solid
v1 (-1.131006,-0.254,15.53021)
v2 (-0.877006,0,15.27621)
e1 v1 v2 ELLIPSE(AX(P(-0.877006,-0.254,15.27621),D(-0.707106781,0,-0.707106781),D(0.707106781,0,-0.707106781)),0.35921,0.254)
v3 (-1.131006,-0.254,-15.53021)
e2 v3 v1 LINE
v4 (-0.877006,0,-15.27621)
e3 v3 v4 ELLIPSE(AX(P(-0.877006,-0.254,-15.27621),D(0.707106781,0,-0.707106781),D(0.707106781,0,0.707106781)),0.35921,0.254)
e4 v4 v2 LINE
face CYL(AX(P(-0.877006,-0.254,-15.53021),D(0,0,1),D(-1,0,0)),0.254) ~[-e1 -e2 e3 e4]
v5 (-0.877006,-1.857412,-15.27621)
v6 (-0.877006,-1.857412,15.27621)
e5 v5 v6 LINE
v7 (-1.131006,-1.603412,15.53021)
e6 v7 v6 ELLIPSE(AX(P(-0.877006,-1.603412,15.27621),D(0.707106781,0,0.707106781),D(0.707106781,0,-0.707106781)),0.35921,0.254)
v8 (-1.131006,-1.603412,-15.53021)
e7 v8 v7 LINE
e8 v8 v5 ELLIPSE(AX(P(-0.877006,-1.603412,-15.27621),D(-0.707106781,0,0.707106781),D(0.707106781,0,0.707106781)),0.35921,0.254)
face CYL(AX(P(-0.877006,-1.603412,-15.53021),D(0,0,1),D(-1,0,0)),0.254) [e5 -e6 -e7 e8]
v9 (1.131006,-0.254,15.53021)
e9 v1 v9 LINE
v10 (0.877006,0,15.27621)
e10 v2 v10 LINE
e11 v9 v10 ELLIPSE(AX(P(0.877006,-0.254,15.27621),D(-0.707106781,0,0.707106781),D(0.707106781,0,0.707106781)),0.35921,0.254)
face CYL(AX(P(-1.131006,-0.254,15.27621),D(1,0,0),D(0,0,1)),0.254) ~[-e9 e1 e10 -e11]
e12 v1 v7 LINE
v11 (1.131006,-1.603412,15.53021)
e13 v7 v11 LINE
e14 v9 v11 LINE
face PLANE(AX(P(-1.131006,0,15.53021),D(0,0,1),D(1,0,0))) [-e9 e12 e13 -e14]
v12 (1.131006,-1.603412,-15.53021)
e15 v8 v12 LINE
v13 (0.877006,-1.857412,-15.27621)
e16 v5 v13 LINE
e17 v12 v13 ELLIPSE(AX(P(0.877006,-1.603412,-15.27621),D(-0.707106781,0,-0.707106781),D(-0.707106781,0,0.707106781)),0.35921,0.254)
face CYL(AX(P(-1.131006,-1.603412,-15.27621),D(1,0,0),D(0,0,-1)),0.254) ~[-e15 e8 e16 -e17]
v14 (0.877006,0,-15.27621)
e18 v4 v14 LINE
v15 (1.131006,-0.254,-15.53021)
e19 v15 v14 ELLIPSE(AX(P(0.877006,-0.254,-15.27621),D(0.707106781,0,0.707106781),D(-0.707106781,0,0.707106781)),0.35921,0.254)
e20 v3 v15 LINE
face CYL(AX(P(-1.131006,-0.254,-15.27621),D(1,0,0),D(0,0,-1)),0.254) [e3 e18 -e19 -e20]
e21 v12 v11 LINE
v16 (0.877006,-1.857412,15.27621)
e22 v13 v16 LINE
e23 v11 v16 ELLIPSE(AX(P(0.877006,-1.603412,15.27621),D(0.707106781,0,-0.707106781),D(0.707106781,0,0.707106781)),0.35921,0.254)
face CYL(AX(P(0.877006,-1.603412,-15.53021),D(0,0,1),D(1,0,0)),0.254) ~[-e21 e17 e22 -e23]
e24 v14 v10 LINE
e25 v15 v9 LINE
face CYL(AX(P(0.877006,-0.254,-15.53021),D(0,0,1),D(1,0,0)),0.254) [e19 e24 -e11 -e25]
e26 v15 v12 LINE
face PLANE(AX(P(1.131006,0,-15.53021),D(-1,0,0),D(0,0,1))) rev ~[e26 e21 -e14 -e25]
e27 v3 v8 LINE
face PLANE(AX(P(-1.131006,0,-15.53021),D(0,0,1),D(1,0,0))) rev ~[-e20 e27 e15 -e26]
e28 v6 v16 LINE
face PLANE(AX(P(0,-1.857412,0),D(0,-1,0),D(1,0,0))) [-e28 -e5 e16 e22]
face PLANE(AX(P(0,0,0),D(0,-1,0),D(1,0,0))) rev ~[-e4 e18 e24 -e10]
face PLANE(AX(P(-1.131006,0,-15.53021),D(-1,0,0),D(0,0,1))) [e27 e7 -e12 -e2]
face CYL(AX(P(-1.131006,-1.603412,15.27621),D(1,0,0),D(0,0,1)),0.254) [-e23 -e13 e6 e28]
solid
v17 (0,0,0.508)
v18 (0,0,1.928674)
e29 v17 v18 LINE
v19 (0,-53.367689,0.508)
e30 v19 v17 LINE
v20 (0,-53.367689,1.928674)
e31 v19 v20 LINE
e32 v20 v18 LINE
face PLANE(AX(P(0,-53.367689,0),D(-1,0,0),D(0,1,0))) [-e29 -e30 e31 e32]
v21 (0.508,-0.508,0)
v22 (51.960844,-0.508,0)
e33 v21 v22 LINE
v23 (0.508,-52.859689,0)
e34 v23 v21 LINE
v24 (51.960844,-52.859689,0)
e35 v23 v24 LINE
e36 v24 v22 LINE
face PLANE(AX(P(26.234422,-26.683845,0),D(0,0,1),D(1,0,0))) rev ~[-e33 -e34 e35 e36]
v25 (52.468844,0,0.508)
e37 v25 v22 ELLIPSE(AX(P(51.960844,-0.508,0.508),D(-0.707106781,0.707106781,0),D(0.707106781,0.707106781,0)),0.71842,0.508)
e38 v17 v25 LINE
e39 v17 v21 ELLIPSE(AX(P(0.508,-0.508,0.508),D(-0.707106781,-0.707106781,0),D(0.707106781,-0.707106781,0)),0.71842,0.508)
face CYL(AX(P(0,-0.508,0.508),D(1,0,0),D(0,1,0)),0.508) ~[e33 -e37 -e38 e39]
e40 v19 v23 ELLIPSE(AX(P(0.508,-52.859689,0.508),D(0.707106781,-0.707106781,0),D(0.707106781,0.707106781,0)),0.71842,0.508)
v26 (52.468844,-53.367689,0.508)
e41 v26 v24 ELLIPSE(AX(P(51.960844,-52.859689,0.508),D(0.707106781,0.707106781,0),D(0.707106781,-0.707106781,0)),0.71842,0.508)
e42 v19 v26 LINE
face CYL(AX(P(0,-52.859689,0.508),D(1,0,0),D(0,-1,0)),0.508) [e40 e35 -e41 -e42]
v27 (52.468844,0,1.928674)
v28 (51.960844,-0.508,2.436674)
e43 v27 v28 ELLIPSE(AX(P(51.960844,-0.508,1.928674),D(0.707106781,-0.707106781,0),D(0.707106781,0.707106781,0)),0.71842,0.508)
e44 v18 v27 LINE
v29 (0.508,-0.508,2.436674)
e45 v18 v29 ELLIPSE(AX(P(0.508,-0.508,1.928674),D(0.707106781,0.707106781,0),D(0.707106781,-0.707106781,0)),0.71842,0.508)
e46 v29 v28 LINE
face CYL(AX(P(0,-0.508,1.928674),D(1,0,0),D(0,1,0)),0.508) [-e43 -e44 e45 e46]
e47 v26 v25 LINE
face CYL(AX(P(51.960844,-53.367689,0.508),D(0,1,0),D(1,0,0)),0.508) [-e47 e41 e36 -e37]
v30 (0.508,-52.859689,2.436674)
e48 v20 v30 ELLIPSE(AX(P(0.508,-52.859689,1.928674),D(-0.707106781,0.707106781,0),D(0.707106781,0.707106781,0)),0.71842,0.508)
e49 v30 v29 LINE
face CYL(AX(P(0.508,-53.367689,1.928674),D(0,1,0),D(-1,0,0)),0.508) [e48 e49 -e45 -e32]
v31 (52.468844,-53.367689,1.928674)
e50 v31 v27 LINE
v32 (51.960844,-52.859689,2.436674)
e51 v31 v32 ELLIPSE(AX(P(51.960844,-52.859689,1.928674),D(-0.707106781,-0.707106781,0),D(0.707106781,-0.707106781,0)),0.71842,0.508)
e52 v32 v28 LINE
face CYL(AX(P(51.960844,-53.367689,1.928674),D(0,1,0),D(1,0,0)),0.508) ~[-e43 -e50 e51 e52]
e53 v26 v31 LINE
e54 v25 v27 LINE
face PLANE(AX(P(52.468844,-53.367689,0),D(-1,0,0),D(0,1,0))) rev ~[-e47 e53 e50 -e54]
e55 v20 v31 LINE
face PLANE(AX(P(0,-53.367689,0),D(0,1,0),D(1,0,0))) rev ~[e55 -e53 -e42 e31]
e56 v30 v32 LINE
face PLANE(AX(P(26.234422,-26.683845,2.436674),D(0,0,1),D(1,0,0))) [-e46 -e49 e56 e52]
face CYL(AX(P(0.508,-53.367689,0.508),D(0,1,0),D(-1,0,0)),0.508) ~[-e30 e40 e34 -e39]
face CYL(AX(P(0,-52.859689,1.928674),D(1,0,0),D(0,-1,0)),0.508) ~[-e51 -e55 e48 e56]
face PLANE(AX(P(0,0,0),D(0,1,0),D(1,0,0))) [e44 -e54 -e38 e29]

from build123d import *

# Parameters (mm, degrees)
F0_W     = 2.2620111704
F0_H     = 31.0604199767
F1_DEPTH = 1.8574120477
F2_W     = 52.4688437581
F2_H     = 53.3676892519
F3_DEPTH = 2.4366742
F5_R     = 0.508
F6_R     = 0.254


with BuildPart() as f1:
    # F0 (on Front) → F1 (new body)
    with BuildSketch(Plane.XZ):
        with Locations((-75.0106051564, -91.7925722897)):
            Rectangle(F0_W, F0_H)
    extrude(amount=F1_DEPTH)


with BuildPart() as f1b:
    # F0 (on Front) → F1, piece 2 (new body)
    with BuildSketch(Plane.XZ):
        Rectangle(F0_W, F0_H)
    extrude(amount=F1_DEPTH)

    # F6
    f6_edges = [f1b.edges().sort_by_distance(p)[0] for p in [
        (1.131006, -1.857412, 0),
        (0, -1.857412, 15.53021),
        (-1.131006, -1.857412, 0),
        (0, -1.857412, -15.53021),
        (1.131006, 0, 0),
        (0, 0, 15.53021),
        (-1.131006, 0, 0),
        (0, 0, -15.53021),
    ]]
    fillet(f6_edges, radius=F6_R)


with BuildPart() as f3:
    # F2 (on Top) → F3 (new body)
    with BuildSketch(Plane.XY):
        with Locations((26.2344218791, -26.6838446259)):
            Rectangle(F2_W, F2_H)
    extrude(amount=F3_DEPTH)

    # F5
    f5_edges = [f3.edges().sort_by_distance(p)[0] for p in [
        (26.234422, 0, 2.436674),
        (0, -26.683845, 2.436674),
        (26.234422, -53.367689, 2.436674),
        (52.468844, -26.683845, 2.436674),
        (26.234422, 0, 0),
        (0, -26.683845, 0),
        (26.234422, -53.367689, 0),
        (52.468844, -26.683845, 0),
    ]]
    fillet(f5_edges, radius=F5_R)


solid = Compound([f1b.part, f3.part])
